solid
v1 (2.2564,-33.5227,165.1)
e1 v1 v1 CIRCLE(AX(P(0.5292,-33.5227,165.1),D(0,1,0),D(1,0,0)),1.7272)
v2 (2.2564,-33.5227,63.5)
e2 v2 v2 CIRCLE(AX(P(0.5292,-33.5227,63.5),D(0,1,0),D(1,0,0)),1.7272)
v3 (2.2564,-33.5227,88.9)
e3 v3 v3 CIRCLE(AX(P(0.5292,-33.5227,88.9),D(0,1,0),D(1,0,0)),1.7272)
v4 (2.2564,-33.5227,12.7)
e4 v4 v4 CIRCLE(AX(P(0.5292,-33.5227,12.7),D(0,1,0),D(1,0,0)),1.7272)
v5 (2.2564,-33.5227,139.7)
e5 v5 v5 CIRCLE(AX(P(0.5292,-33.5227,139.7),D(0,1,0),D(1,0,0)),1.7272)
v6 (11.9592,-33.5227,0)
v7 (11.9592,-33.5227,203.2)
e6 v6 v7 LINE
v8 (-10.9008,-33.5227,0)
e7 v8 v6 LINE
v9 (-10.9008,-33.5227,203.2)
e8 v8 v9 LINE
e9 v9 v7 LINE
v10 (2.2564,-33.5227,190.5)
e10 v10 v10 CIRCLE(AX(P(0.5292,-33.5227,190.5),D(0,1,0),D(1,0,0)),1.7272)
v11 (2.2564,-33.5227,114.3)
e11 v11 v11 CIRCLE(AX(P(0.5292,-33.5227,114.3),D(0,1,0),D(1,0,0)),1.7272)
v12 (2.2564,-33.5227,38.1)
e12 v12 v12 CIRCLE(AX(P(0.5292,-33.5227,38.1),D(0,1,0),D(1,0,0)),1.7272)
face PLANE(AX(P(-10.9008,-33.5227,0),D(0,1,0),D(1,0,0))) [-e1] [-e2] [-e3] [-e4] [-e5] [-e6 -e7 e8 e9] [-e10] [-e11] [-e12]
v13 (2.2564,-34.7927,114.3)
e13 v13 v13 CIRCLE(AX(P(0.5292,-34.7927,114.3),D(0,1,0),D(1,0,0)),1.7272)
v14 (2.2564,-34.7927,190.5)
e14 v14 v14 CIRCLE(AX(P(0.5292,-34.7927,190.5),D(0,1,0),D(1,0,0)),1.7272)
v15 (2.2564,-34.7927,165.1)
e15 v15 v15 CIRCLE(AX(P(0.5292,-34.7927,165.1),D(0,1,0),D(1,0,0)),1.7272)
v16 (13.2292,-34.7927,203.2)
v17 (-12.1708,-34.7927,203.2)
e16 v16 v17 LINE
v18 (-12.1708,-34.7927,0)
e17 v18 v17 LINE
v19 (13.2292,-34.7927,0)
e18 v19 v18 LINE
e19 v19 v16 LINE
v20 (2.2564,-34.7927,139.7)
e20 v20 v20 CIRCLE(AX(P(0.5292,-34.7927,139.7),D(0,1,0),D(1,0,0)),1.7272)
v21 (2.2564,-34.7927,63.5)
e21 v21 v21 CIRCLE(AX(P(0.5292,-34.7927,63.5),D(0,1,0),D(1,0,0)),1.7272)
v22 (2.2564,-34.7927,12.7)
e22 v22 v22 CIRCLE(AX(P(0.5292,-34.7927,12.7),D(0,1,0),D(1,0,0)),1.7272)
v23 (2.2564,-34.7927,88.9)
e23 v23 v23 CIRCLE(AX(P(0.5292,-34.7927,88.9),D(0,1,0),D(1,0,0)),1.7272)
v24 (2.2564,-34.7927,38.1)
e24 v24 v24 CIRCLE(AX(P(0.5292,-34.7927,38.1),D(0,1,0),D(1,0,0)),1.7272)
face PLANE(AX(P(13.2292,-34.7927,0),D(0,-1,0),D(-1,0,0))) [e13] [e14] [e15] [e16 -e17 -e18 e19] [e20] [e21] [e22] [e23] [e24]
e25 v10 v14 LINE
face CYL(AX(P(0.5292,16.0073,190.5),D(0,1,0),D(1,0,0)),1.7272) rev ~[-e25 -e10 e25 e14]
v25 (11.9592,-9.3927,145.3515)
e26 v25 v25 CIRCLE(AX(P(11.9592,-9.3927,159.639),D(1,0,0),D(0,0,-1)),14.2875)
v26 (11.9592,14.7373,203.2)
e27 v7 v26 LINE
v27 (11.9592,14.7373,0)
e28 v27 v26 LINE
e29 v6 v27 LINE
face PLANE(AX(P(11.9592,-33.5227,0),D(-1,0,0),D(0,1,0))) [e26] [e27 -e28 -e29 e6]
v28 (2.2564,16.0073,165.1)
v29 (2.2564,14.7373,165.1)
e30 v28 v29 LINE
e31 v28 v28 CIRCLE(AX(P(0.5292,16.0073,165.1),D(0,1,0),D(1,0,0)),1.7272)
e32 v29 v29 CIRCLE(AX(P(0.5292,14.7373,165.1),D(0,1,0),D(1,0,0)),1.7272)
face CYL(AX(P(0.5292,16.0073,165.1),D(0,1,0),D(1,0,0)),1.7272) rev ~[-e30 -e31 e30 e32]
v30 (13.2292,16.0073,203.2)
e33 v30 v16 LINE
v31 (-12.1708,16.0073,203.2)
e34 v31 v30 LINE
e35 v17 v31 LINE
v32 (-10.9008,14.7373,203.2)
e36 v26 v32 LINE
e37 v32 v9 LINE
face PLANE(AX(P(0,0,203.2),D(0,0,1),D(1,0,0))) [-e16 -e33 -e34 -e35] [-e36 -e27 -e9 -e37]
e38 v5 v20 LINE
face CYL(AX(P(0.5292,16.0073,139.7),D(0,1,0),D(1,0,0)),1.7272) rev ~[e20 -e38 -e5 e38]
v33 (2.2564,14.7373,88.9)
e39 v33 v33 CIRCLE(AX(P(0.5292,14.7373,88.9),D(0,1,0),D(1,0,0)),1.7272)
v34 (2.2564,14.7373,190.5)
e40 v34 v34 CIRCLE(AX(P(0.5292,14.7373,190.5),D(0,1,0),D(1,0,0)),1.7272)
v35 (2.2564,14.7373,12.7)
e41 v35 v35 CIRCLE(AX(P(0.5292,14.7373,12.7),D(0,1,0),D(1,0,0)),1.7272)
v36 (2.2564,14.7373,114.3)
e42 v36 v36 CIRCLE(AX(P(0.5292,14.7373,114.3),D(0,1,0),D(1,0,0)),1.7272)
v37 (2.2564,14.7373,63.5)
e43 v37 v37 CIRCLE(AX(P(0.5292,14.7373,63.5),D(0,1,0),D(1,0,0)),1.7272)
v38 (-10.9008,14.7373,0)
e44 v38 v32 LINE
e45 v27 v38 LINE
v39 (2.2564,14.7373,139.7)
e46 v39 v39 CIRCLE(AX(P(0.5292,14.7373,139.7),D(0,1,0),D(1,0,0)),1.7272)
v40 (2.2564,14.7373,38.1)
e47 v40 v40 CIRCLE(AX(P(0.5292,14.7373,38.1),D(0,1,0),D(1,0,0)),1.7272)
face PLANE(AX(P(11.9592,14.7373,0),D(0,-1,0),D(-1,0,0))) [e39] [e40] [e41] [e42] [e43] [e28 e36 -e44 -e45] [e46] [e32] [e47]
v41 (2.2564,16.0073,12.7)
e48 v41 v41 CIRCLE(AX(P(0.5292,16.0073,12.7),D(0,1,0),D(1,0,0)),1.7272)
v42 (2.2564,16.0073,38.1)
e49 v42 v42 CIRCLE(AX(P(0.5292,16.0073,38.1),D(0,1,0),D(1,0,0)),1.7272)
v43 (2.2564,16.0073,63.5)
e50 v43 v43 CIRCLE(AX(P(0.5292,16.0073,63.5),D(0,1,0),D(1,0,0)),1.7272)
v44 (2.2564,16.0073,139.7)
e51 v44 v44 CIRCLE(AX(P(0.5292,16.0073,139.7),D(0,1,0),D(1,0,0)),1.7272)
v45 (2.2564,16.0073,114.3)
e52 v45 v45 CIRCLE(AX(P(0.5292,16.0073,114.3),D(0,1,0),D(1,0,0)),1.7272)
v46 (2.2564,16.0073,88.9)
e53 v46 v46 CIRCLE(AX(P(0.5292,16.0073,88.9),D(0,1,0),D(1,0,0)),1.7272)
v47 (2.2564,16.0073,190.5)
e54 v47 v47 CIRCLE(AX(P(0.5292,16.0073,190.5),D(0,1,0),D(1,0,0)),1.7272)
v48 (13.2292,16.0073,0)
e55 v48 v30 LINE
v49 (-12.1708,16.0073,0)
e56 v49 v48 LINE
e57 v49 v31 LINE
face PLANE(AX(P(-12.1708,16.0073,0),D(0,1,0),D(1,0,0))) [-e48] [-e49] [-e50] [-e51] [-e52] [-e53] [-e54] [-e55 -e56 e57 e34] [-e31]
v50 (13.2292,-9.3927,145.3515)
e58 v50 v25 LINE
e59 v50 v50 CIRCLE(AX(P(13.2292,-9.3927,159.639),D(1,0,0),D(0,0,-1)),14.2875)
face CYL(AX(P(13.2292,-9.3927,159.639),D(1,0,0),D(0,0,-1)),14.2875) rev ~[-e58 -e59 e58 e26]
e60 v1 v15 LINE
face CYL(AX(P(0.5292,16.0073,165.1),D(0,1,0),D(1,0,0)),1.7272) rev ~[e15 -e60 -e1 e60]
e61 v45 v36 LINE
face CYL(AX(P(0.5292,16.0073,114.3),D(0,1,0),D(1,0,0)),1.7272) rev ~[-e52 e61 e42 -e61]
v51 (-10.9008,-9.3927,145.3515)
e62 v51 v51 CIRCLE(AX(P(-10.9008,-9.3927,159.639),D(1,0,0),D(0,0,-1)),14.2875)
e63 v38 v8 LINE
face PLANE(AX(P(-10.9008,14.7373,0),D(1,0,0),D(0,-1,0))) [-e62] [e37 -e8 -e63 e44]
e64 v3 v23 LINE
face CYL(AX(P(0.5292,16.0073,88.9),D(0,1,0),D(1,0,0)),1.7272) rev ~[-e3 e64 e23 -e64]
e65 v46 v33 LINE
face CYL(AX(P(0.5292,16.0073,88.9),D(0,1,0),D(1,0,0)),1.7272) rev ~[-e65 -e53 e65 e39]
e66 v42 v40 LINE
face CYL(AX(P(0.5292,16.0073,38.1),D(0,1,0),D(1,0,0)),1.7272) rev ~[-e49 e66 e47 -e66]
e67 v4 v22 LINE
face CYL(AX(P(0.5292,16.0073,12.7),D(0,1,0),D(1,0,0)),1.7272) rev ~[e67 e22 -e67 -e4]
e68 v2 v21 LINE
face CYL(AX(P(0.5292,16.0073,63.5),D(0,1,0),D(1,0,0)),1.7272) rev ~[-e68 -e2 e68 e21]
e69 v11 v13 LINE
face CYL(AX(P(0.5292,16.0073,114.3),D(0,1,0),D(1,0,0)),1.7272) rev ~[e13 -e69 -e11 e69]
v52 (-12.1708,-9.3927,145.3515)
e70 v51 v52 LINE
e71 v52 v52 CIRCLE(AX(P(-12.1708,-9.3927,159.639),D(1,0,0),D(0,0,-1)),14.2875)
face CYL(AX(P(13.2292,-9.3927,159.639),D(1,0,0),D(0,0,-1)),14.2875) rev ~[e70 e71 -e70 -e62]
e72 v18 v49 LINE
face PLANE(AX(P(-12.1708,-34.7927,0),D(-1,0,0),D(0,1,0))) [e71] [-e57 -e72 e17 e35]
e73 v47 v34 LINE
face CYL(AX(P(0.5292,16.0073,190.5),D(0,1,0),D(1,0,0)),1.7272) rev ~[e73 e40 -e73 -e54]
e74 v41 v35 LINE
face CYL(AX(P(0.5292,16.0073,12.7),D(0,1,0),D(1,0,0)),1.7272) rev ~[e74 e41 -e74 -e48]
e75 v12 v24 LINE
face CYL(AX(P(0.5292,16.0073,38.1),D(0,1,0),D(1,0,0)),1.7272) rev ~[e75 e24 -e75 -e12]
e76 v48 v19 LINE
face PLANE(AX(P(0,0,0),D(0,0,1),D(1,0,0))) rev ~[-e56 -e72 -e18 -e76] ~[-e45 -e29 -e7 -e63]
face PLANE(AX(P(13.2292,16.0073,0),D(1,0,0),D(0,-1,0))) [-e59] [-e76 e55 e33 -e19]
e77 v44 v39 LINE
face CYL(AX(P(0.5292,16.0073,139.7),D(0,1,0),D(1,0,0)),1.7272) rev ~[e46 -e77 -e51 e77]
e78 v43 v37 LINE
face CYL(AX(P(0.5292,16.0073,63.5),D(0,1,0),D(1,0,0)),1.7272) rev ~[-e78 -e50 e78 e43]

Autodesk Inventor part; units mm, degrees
ref_plane "YZ Plane" through (0, 0, 0) normal (1, 0, 0) x (0, 1, 0)
ref_plane "XZ Plane" through (0, 0, 0) normal (0, 1, 0) x (-1, 0, 0)
ref_plane "XY Plane" through (0, 0, 0) normal (0, 0, 1) x (1, 0, 0)
sketch "Sketch1" plane through (0, 0, 0) normal (0, 0, 1) x (1, 0, 0)
  line L0 (-12.1708, 16.0073) -> (13.2292, 16.0073)
  line L1 (13.2292, 16.0073) -> (13.2292, -34.7927)
  line L2 (13.2292, -34.7927) -> (-12.1708, -34.7927)
  line L3 (-12.1708, -34.7927) -> (-12.1708, 16.0073)
  line L4 (11.9592, 14.7373) -> (-10.9008, 14.7373)
  line L5 (-10.9008, 14.7373) -> (-10.9008, -33.5227)
  line L6 (-10.9008, -33.5227) -> (11.9592, -33.5227)
  line L7 (11.9592, -33.5227) -> (11.9592, 14.7373)
  point P0 (0, 0)
  dimension "d0" = 25.4
  dimension "d1" = 50.8
  dimension "d2" = 1.27
extrude "Extrusion1" add sketch "Sketch1" along normal blind 203.2
sketch "Sketch2" plane through (-12.1708, 16.0073, 0) normal (0, 1, 0) x (1, 0, 0)
  circle A0 centre (12.7, -12.7) radius 1.7272
  line L0 (25.4, 0) -> (0, 0) projected
  line L1 (0, 0) -> (0, -203.2) projected
  point P0 (12.1708, 0)
  dimension "d5" = 3.4544
  dimension "d6" = 12.7
  dimension "d7" = 12.7
extrude "Extrusion2" cut sketch "Sketch2" against normal through all
pattern_linear "Rectangular Pattern1" count 20 spacing 25.4 along (0, 0, 1) of "Extrusion2"
sketch "Sketch4" plane through (13.2292, -34.7927, 0) normal (1, 0, 0) x (0, 0, -1)
  circle A0 centre (-159.639, 25.4) radius 14.2875
  line L0 (0, 0) -> (0, 50.8) projected
  line L1 (0, 50.8) -> (-203.2, 50.8) projected
  point P0 (0, 34.7927)
  dimension "d41" = 28.575
  dimension "d42" = 159.639
  dimension "d43" = 25.4
extrude "Extrusion4" cut sketch "Sketch4" against normal through all
equation "\"d3\" = d13"
equation "\"d10\" = d14"
equation "\"d13\" = 203.2"
equation "\"d14\" = d13"
equation "\"d32\" = 101.6"
properties part number "VersaFrame 28in"
